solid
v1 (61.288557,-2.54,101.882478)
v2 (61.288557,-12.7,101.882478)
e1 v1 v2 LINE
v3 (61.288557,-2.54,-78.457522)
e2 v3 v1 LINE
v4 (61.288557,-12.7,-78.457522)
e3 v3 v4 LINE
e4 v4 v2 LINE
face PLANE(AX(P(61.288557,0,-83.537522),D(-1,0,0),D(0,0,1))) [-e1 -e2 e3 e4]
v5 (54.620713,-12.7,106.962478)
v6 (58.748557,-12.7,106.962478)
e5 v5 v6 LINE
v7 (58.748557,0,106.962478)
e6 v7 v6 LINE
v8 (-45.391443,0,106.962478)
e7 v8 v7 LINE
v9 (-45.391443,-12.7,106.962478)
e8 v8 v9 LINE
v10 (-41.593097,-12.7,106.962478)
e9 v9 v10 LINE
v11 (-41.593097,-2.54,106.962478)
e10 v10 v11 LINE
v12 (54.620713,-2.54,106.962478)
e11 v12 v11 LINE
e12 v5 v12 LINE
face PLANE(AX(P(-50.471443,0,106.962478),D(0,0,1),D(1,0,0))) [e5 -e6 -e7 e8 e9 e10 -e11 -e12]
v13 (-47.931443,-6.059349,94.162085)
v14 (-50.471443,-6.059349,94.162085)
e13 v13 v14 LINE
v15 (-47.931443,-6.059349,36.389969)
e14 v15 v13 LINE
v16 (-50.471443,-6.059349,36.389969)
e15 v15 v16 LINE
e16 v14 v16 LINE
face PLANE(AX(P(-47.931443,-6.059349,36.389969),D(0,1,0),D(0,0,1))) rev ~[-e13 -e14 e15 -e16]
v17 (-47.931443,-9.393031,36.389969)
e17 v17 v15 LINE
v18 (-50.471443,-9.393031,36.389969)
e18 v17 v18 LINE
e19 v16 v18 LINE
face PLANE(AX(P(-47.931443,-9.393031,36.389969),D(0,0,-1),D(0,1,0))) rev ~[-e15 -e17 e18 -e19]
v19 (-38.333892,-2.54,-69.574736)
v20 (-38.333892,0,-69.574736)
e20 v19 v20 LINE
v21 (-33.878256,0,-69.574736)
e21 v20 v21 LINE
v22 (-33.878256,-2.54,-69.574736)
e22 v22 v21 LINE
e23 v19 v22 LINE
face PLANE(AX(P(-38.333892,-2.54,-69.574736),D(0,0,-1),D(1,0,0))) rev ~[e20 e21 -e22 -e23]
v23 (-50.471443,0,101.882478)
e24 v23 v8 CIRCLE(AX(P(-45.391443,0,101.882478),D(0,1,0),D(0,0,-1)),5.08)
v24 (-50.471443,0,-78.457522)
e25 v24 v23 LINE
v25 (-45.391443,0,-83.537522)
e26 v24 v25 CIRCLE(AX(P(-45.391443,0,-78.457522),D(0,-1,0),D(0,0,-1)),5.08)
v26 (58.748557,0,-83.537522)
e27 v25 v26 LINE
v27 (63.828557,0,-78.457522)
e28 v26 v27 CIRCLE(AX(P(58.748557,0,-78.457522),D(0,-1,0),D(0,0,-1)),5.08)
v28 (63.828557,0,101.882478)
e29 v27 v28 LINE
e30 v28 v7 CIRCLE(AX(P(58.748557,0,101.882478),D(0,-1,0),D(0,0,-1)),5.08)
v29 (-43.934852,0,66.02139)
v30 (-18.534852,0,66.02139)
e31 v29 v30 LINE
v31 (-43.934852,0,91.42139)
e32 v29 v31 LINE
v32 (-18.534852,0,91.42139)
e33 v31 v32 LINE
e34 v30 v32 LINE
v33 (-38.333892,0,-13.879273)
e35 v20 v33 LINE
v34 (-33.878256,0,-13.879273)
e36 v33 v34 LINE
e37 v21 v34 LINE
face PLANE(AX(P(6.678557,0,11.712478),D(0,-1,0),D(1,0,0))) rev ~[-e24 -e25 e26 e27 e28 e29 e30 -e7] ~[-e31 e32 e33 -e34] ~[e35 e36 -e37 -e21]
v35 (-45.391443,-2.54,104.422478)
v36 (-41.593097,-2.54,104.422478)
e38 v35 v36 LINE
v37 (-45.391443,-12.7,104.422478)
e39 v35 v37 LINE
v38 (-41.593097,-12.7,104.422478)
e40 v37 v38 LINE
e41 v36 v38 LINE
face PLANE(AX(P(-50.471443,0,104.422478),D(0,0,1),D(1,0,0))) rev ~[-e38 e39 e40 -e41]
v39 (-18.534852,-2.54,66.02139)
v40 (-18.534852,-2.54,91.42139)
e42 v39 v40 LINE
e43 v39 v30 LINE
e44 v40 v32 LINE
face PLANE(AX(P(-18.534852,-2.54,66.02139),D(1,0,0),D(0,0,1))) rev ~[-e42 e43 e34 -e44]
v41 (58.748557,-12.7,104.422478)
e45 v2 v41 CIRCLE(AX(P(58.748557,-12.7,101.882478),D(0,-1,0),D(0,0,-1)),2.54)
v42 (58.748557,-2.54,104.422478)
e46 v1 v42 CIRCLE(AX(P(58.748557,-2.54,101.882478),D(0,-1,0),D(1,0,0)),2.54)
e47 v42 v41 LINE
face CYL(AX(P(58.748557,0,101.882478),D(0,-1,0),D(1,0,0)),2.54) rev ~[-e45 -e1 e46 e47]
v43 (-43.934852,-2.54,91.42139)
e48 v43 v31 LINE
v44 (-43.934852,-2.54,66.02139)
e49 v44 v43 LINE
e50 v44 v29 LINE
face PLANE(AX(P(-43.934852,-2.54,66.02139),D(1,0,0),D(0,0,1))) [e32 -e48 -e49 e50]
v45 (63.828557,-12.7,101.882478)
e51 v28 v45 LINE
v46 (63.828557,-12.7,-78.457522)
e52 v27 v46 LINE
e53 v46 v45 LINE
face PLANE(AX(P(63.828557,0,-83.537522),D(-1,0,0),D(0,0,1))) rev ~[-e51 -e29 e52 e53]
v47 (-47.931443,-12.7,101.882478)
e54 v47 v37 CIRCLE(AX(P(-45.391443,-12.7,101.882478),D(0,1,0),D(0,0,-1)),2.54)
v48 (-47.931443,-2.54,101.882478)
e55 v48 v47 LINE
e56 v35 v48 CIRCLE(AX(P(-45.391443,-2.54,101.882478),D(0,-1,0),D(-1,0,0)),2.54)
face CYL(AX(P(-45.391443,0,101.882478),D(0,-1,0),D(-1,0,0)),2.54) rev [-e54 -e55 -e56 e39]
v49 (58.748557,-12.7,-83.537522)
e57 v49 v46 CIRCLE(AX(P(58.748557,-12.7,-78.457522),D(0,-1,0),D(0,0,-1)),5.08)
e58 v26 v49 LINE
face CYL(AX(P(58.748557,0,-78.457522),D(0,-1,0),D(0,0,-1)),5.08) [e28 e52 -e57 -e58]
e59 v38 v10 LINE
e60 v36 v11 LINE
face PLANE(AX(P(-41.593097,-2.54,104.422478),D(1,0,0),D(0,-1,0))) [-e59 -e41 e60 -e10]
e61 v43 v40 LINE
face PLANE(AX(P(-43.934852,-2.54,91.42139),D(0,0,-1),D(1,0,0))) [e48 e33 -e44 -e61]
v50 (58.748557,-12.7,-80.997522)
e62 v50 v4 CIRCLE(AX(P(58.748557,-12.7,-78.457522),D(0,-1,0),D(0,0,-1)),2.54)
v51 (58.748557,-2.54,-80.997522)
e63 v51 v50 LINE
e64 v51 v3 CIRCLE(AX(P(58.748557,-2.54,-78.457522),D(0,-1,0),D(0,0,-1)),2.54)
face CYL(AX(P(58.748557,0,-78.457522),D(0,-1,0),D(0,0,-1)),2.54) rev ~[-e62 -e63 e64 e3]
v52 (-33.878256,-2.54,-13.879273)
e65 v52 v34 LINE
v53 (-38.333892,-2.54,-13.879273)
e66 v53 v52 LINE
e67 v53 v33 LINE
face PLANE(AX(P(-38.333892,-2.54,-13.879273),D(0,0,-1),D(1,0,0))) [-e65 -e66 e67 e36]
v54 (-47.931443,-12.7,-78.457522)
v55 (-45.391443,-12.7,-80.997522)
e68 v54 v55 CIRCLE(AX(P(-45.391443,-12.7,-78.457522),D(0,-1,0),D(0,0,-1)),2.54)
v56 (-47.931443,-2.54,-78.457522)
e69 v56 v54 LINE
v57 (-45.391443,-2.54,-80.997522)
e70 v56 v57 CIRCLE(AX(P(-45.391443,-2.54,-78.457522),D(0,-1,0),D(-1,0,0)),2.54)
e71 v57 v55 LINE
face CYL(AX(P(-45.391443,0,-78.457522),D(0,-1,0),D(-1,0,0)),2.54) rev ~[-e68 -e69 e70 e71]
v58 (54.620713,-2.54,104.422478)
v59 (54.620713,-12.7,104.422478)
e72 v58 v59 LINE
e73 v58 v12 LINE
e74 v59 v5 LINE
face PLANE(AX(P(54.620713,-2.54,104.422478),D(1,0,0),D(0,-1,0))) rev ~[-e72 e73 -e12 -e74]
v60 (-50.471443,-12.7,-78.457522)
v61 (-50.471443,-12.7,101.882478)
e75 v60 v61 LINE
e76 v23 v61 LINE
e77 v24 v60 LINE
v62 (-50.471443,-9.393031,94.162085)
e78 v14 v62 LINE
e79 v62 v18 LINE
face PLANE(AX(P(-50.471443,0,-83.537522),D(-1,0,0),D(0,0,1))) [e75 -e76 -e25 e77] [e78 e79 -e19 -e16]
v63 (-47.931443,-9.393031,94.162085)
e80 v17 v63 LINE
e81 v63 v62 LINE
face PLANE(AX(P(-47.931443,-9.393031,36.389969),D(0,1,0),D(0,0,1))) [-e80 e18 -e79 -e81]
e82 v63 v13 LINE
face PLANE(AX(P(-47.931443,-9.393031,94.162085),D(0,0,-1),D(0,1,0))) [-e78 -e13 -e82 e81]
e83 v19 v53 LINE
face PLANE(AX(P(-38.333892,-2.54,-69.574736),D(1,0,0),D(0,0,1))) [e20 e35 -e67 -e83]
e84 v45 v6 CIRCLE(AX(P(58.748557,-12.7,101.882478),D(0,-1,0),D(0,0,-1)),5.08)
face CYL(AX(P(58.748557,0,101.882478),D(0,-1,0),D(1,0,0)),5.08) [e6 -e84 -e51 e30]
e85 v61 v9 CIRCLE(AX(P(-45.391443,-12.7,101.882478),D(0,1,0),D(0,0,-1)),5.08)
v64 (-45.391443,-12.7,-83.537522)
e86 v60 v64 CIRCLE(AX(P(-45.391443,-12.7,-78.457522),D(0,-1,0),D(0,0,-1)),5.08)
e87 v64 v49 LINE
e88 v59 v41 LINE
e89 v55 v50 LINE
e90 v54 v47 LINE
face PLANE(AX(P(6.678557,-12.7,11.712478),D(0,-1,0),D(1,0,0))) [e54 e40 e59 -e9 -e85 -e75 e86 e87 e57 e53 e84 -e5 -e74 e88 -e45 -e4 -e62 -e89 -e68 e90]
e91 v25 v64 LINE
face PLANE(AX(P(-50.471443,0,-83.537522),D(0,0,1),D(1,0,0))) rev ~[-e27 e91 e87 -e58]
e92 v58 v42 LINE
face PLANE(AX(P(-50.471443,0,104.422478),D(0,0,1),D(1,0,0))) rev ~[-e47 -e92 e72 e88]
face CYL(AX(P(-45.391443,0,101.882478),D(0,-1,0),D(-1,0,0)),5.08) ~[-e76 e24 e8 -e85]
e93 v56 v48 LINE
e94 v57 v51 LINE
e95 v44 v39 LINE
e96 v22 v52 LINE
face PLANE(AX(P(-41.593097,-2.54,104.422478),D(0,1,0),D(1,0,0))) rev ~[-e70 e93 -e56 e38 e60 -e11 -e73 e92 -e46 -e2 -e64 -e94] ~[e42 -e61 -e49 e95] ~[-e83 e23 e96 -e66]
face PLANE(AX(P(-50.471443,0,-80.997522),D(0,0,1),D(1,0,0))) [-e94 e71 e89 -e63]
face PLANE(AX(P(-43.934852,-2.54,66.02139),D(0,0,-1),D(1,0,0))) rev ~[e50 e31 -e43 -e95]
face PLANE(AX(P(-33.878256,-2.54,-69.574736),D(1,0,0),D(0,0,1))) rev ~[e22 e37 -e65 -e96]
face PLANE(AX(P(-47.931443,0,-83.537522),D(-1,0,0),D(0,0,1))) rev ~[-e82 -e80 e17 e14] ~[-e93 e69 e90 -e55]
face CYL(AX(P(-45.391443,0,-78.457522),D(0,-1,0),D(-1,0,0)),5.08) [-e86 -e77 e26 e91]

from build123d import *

# Parameters (mm, degrees)
F0_W      = 114.3
F0_H      = 190.5
F1_DEPTH  = 12.7
F2_R      = 5.08
F3_T      = -2.54
F4_W      = 3.936436
F4_H      = 103.5833
F4_W_2    = 25.4
F4_H_2    = 25.4
F5_DEPTH  = 2.541
F6_W      = 3.333682
F6_H      = 57.772115
F7_DEPTH  = 2.541
F8_DEPTH  = 2.541
F9_W      = 96.21381
F9_H      = 10.16
F10_DEPTH = 2.541
F11_W     = 4.455637
F11_H     = 55.695463
F12_DEPTH = 2.541


with BuildPart() as f1:
    # F0 (on Front) → F1 (new body)
    with BuildSketch(Plane.XZ):
        with Locations((6.678557, 11.712478)):
            Rectangle(F0_W, F0_H)
    extrude(amount=F1_DEPTH)

    # F2
    f2_edges = [f1.edges().sort_by_distance(p)[0] for p in [
        (-50.471443, -6.35, 106.962478),
        (-50.471443, -6.35, -83.537522),
        (63.828557, -6.35, -83.537522),
        (63.828557, -6.35, 106.962478),
    ]]
    fillet(f2_edges, radius=F2_R)

    # F3
    f3_openings = [f1.faces().sort_by_distance(p)[0] for p in [
        (6.678557, -12.7, 11.712478),
    ]]
    offset(amount=F3_T, openings=f3_openings)

    # F4 (on face) → F5 (cut, through all)
    with BuildSketch(Plane.XZ.offset(2.54)):
        with Locations((-54.036425, 42.818326)):
            Rectangle(F4_W, F4_H)
        with Locations((-31.234852, 78.72139)):
            Rectangle(F4_W_2, F4_H_2)
    extrude(amount=-F5_DEPTH, mode=Mode.SUBTRACT)

    # F6 (on face) → F7 (cut, through all)
    with BuildSketch(Plane.YZ.offset(-47.931443)):
        with Locations((-7.72619, 65.276027)):
            Rectangle(F6_W, F6_H)
    extrude(amount=-F7_DEPTH, mode=Mode.SUBTRACT)

    # F4 (on face) → F8 (cut, through all)
    with BuildSketch(Plane.XZ.offset(2.54)):
        with Locations((-54.036425, 42.818326)):
            Rectangle(F4_W, F4_H)
        with Locations((-31.234852, 78.72139)):
            Rectangle(F4_W_2, F4_H_2)
    extrude(amount=-F8_DEPTH, mode=Mode.SUBTRACT)

    # F9 (on face) → F10 (cut, through all)
    with BuildSketch(Plane(origin=(0, 0, 104.422478), x_dir=(1, 0, 0), z_dir=(0, 0, -1))):
        with Locations((6.513808, 7.62)):
            Rectangle(F9_W, F9_H)
    extrude(amount=-F10_DEPTH, mode=Mode.SUBTRACT)

    # F11 (on face) → F12 (cut, through all)
    with BuildSketch(Plane.XZ.offset(2.54)):
        with Locations((-36.106074, -41.727004)):
            Rectangle(F11_W, F11_H)
    extrude(amount=-F12_DEPTH, mode=Mode.SUBTRACT)


solid = f1.part
